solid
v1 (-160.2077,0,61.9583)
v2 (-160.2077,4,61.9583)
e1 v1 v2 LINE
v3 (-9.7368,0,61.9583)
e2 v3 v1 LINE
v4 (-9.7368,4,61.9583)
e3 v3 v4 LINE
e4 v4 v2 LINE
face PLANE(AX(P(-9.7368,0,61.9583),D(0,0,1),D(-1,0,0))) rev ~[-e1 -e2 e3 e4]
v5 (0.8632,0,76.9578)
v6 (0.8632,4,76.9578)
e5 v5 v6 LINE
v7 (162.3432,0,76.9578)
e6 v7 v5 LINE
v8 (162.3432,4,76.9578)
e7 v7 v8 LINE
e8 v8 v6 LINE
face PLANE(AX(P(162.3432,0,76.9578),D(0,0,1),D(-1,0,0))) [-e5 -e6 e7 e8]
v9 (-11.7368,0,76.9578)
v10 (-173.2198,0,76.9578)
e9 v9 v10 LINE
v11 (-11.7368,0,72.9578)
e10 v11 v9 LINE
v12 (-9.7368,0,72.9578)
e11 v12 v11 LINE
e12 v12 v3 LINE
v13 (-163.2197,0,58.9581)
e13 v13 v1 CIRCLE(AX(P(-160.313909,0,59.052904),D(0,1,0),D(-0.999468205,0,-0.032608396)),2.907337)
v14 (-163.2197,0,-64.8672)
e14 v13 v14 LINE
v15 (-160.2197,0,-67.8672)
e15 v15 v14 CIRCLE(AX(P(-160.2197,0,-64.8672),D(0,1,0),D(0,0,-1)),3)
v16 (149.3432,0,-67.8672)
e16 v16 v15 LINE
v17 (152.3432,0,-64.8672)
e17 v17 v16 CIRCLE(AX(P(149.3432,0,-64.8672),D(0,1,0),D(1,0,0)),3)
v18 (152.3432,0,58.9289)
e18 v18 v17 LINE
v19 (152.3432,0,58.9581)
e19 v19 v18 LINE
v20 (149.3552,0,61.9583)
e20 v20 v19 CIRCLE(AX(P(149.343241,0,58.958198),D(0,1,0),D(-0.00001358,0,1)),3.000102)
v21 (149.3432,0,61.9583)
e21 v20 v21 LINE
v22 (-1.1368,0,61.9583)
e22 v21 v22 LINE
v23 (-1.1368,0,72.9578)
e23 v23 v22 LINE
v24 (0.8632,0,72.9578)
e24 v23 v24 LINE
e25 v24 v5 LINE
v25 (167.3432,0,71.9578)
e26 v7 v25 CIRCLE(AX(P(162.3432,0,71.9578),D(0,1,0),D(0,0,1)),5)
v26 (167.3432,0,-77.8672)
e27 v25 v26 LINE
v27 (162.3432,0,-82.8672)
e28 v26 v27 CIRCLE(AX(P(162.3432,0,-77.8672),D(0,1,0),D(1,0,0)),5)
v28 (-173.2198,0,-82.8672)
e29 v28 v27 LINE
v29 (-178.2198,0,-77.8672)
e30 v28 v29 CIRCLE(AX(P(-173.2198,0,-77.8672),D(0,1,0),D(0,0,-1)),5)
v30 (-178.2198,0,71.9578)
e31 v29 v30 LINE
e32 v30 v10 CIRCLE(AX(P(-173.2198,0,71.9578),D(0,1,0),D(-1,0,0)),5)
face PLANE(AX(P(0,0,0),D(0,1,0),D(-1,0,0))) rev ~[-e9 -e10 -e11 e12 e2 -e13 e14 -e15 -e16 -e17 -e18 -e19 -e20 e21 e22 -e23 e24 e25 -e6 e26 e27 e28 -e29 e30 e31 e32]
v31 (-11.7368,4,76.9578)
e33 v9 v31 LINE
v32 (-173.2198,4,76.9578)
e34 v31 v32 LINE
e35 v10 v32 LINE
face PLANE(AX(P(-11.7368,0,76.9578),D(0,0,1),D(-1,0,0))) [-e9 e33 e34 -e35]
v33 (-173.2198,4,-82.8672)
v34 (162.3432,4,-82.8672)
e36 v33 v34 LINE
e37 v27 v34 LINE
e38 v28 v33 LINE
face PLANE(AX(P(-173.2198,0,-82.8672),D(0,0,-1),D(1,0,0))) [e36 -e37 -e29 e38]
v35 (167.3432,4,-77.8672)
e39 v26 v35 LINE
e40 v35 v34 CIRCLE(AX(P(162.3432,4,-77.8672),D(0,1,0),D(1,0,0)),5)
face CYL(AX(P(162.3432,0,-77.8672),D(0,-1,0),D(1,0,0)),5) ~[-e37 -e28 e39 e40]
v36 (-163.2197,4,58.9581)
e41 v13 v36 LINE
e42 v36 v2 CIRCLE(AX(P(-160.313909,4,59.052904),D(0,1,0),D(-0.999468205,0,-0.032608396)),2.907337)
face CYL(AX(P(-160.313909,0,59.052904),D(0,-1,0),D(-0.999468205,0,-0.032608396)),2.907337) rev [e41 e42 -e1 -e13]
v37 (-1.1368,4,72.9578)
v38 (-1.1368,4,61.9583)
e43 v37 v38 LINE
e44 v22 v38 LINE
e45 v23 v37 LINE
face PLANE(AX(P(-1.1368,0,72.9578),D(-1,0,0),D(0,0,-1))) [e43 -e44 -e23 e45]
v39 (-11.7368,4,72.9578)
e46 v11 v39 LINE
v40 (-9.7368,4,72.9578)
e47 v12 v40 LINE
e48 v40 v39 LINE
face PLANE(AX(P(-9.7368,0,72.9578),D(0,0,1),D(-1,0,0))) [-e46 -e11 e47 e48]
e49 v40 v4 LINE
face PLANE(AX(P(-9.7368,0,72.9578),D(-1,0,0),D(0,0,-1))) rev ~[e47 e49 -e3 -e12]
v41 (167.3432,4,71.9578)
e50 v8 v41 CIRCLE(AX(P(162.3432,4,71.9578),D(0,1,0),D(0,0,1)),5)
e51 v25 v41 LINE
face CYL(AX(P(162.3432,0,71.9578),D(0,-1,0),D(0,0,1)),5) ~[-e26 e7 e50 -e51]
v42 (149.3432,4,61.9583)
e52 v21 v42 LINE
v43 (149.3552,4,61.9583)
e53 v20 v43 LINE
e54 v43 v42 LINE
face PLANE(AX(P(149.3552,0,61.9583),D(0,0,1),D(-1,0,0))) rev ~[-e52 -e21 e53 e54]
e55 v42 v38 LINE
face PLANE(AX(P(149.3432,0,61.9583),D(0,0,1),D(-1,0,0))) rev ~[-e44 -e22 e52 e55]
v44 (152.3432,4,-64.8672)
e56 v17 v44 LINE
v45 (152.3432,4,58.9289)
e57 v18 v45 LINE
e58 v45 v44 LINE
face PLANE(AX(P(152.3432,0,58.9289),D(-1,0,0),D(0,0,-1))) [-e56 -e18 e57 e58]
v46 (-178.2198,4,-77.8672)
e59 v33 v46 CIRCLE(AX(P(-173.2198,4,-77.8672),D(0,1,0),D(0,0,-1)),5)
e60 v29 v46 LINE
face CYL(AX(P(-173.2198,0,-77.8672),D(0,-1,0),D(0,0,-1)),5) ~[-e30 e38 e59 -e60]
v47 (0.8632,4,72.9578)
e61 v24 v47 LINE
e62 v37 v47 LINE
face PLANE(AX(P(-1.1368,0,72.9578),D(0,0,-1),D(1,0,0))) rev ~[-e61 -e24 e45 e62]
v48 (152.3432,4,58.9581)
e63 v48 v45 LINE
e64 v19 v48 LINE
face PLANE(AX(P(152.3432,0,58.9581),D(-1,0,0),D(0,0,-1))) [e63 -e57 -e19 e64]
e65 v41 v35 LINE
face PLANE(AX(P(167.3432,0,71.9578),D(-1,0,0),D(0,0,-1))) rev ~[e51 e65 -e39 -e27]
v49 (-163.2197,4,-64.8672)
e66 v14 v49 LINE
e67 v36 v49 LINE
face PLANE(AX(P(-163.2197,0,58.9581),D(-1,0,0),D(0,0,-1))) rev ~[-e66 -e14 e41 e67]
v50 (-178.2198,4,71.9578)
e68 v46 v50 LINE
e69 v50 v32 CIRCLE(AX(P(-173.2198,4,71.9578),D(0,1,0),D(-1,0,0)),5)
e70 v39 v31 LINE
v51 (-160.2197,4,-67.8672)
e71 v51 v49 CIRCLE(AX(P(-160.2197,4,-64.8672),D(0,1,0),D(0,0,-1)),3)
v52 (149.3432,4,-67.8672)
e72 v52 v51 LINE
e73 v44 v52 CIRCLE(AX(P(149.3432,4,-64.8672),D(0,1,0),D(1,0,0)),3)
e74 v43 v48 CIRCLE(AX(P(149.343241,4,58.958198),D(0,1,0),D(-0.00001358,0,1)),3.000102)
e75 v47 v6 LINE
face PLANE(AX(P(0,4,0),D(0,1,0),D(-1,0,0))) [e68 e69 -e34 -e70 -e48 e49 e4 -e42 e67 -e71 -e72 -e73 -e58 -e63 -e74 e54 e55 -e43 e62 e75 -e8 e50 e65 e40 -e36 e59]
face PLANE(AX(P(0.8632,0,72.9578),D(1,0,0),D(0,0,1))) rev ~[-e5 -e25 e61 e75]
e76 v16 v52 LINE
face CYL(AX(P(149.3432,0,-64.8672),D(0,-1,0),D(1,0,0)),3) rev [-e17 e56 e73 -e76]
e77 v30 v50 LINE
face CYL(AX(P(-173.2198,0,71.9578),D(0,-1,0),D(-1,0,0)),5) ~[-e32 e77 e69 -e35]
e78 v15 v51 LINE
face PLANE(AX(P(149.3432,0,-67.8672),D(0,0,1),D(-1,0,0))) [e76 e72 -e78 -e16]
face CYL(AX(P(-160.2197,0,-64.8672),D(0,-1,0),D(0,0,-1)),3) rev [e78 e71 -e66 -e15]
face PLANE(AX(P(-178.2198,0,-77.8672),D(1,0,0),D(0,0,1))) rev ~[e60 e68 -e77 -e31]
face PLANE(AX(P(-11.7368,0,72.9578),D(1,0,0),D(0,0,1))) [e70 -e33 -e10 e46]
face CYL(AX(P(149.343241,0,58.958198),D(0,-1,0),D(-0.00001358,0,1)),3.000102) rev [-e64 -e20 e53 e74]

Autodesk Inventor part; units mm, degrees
ref_plane "YZ Plane" through (0, 0, 0) normal (1, 0, 0) x (0, 1, 0)
ref_plane "XZ Plane" through (0, 0, 0) normal (0, 1, 0) x (-1, 0, 0)
ref_plane "XY Plane" through (0, 0, 0) normal (0, 0, 1) x (1, 0, 0)
sketch "Sketch1" plane through (0, 0, 0) normal (0, 1, 0) x (-1, 0, 0)
  line L0 (-167.3432, 71.9578) -> (-167.3432, -77.8672)
  line L1 (-162.3432, 76.9578) -> (-0.8632, 76.9578)
  line L2 (11.7368, 76.9578) -> (173.2198, 76.9578)
  arc A0 (-162.3432, 76.9578) -> (-167.3432, 71.9578) centre (-162.3432, 71.9578) ccw
  arc A1 (-167.3432, -77.8672) -> (-162.3432, -82.8672) centre (-162.3432, -77.8672) ccw
  line L3 (178.2198, -77.8672) -> (178.2198, 71.9578)
  line L4 (173.2198, -82.8672) -> (-162.3432, -82.8672)
  arc A2 (173.2198, -82.8672) -> (178.2198, -77.8672) centre (173.2198, -77.8672) ccw
  arc A3 (178.2198, 71.9578) -> (173.2198, 76.9578) centre (173.2198, 71.9578) ccw
  line L5 (-149.3552, 61.9583) -> (1.1368, 61.9583)
  line L6 (9.7368, 61.9583) -> (160.2077, 61.9583)
  line L7 (-152.3432, 58.9581) -> (-152.3432, -64.8672)
  line L8 (163.2197, 58.9581) -> (163.2197, -64.8672)
  line L9 (-149.3432, -67.8672) -> (160.2197, -67.8672)
  arc A4 (-149.3432, 61.9583) -> (-152.3432, 58.9289) centre (-149.3432, 58.9581) ccw
  arc A5 (163.2197, 58.9581) -> (160.2077, 61.9583) centre (160.3139, 59.0529) ccw
  arc A6 (160.2197, -67.8672) -> (163.2197, -64.8672) centre (160.2197, -64.8672) ccw
  arc A7 (-152.3432, -64.8672) -> (-149.3432, -67.8672) centre (-149.3432, -64.8672) ccw
  line L10 (1.1368, 72.9578) -> (1.1368, 61.9583)
  line L11 (9.7368, 72.9578) -> (9.7368, 61.9583)
  line L12 (1.1368, 72.9578) -> (-0.8632, 72.9578)
  line L13 (9.7368, 72.9578) -> (11.7368, 72.9578)
  line L14 (11.7368, 72.9578) -> (11.7368, 76.9578)
  line L15 (-0.8632, 72.9578) -> (-0.8632, 76.9578)
  point P0 (0, 0)
extrude "Extrusion1" add sketch "Sketch1" along normal blind 4
properties part number "layer4"
